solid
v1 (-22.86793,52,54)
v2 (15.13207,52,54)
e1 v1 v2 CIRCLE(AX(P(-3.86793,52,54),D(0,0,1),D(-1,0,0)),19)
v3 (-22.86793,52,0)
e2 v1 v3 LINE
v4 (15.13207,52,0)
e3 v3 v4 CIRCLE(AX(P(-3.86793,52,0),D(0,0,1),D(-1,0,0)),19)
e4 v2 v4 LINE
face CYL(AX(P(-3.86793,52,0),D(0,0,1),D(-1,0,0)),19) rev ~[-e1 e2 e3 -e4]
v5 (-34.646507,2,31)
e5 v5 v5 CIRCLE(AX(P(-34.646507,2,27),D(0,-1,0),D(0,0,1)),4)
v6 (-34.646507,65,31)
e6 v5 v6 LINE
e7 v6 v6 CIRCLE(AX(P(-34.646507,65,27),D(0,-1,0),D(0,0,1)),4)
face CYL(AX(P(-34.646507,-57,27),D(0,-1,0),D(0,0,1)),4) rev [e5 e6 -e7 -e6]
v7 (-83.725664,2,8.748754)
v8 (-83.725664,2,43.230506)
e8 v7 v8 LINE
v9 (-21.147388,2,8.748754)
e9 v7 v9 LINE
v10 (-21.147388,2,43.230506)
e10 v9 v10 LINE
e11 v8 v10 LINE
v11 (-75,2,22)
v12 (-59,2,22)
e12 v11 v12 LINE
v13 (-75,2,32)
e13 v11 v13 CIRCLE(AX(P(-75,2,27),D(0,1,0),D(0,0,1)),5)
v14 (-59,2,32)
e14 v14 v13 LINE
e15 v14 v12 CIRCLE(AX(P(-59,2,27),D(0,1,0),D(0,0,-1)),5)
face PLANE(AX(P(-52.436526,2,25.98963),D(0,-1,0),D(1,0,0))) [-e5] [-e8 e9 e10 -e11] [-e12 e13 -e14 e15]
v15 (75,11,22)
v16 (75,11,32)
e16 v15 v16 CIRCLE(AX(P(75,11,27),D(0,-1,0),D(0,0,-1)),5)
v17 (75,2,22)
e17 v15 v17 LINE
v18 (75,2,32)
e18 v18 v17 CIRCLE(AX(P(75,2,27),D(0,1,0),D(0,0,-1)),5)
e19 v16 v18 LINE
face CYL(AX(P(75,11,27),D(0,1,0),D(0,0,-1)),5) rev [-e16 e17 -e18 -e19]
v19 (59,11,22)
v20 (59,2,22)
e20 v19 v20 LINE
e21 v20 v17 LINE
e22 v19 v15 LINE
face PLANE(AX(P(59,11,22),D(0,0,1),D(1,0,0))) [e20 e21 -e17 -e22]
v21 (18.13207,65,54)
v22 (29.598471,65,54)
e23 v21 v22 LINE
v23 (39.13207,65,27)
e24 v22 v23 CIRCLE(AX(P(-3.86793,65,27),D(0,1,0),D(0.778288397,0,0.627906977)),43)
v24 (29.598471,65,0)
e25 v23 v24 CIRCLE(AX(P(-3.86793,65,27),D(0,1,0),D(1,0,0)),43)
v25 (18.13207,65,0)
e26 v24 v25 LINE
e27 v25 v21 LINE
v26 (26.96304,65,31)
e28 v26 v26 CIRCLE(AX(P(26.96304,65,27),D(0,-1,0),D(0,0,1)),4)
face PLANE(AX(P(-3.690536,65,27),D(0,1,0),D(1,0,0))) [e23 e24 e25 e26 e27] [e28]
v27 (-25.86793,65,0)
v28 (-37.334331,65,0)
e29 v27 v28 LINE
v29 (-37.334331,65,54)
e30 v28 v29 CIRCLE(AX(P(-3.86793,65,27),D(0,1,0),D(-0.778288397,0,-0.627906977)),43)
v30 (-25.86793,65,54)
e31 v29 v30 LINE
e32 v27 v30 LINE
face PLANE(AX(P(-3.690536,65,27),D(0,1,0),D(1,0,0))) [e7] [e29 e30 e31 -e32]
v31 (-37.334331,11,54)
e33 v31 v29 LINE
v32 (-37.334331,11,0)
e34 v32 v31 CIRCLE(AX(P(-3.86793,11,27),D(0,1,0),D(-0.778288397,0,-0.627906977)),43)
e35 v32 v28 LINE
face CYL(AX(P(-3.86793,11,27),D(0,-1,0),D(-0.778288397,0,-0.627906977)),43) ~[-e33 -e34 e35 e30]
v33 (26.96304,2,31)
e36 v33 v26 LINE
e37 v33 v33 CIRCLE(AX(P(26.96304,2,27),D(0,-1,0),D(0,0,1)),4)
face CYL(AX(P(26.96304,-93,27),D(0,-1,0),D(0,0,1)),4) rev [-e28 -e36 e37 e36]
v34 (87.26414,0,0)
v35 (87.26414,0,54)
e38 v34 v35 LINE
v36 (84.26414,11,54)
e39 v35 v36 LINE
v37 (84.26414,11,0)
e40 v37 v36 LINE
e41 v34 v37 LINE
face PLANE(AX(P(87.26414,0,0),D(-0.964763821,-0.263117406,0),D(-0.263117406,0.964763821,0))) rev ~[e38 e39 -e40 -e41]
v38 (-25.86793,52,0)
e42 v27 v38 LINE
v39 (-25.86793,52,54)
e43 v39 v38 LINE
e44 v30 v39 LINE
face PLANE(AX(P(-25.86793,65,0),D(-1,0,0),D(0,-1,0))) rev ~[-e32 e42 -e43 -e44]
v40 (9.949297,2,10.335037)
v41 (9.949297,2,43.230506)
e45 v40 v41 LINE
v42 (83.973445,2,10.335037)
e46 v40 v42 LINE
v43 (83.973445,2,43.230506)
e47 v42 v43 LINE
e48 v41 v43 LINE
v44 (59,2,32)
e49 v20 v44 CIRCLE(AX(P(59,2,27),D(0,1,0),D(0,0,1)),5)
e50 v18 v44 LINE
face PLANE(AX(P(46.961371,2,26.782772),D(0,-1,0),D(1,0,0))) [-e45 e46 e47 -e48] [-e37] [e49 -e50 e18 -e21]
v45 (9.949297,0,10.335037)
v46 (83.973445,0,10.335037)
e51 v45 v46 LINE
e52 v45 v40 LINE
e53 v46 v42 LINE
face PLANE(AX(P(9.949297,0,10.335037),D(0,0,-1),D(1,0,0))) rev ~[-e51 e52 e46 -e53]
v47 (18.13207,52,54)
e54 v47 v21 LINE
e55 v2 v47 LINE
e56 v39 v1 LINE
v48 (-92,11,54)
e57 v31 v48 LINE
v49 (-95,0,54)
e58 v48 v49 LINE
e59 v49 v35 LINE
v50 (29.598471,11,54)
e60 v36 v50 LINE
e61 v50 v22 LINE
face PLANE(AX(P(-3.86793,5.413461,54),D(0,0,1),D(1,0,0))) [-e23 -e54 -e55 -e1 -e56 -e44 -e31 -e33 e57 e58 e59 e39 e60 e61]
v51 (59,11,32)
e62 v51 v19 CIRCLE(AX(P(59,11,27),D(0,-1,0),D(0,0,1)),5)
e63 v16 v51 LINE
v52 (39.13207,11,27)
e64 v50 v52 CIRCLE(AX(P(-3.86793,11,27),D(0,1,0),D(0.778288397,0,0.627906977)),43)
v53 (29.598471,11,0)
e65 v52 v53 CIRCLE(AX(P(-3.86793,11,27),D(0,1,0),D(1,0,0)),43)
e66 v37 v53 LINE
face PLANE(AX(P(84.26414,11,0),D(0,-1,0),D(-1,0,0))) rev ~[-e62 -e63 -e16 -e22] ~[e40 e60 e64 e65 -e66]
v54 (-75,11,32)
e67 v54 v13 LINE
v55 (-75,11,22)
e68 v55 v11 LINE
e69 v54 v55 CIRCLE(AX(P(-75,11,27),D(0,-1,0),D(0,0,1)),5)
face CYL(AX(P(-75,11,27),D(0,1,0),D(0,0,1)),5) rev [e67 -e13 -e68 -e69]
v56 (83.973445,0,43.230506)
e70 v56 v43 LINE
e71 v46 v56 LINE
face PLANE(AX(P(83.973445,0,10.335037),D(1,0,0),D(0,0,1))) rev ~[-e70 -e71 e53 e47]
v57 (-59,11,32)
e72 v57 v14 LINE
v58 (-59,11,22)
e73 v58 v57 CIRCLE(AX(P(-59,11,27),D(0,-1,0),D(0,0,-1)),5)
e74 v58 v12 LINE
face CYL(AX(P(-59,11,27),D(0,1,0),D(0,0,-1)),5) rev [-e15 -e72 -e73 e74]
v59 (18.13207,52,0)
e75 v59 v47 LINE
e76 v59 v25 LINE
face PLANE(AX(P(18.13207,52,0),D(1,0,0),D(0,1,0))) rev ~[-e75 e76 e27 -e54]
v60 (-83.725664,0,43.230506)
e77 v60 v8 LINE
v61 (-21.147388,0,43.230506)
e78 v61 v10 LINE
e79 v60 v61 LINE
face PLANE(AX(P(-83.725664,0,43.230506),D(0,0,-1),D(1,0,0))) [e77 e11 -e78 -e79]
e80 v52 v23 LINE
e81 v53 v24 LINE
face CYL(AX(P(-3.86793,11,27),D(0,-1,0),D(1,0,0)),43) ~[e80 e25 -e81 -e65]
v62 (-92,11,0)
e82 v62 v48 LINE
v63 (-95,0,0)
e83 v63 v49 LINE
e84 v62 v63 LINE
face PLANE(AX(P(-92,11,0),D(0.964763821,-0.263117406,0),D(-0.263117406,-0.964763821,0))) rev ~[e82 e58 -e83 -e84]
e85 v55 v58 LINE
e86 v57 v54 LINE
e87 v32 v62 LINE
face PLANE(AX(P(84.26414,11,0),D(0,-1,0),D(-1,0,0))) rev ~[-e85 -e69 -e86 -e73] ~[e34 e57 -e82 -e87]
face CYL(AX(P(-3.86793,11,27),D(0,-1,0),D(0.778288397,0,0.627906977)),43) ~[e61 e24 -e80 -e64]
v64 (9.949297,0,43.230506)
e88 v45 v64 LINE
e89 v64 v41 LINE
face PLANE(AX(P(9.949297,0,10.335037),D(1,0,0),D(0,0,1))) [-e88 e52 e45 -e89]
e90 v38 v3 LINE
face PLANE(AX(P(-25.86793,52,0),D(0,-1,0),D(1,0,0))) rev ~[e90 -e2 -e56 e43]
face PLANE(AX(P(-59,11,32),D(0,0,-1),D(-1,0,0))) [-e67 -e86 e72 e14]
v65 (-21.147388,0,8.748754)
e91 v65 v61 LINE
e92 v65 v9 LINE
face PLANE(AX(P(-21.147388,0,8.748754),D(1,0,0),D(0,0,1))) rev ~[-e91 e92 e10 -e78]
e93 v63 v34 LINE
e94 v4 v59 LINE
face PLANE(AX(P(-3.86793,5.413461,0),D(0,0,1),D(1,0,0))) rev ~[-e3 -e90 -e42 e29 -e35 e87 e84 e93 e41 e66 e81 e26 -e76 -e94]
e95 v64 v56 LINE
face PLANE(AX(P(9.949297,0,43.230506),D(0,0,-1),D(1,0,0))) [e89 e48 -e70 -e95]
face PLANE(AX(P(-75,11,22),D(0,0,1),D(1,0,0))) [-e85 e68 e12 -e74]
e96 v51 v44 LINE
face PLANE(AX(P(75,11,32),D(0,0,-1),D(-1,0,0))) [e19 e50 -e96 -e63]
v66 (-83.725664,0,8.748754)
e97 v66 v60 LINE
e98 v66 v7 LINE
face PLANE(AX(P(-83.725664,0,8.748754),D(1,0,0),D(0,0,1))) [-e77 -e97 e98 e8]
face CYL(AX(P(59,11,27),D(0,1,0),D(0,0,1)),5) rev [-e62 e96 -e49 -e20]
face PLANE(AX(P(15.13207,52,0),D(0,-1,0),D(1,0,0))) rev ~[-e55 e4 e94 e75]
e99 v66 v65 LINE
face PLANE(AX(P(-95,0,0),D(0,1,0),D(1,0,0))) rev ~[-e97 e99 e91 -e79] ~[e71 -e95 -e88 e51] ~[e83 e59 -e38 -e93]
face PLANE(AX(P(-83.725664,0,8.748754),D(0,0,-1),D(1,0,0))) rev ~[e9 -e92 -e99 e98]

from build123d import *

# Parameters (mm, degrees)
BOSS_EXTRUDE1_DEPTH      = 54
BOSS_EXTRUDE2_DEPTH      = 54
CUT_EXTRUDE4_DEPTH       = 79.958686857
CUT_EXTRUDE8_DEPTH       = 120
CUT_EXTRUDE8_DEPTH_BACK  = 57
SKETCH4_R                = 4
CUT_EXTRUDE10_DEPTH      = 155
CUT_EXTRUDE10_DEPTH_BACK = 93
SKETCH5_R                = 4
CUT_EXTRUDE11_DEPTH      = 155
SKETCH7_W                = 62.578276035
SKETCH7_H                = 34.481752036
SKETCH7_W_2              = 74.024148658
SKETCH7_H_2              = 32.895468992
CUT_EXTRUDE12_DEPTH      = 2


with BuildPart() as part:
    # Sketch1 → Boss-Extrude1 (new body)
    with BuildSketch(Plane.XY):
        Polygon((-95, 0), (87.264140028, 0), (84.264140028, 11), (-92, 11), align=None)
    extrude(amount=BOSS_EXTRUDE1_DEPTH)

    # Sketch2 → Boss-Extrude2 (add)
    with BuildSketch(Plane(origin=(0, 11, 0), x_dir=(1, 0, 0), z_dir=(0, 1, 0))):
        with BuildLine():
            Line((-37.334331048, -54), (29.598471075, -54))
            ThreePointArc((29.598471075, -54), (36.678680511, -41.3168564), (39.132070014, -27))
            ThreePointArc((39.132070014, -27), (36.678680511, -12.6831436), (29.598471075, 0))
            Line((29.598471075, 0), (-37.334331048, 0))
            ThreePointArc((-37.334331048, 0), (-46.867929986, -27), (-37.334331048, -54))
        make_face()
    extrude(amount=BOSS_EXTRUDE2_DEPTH)

    # Sketch3 → Cut-Extrude4 (cut, symmetric)
    with BuildSketch(Plane.XY):
        with BuildLine():
            Line((15.132070014, 52), (18.132070014, 52))
            Line((18.132070014, 52), (18.132070014, 65))
            Line((18.132070014, 65), (-25.867929986, 65))
            Line((-25.867929986, 65), (-25.867929986, 52))
            Line((-25.867929986, 52), (-22.867929986, 52))
            ThreePointArc((-22.867929986, 52), (-3.867929986, 33), (15.132070014, 52))
        make_face()
    extrude(amount=CUT_EXTRUDE4_DEPTH, both=True, mode=Mode.SUBTRACT)

    # Sketch4 → Cut-Extrude8 (cut, two sides: drawn at the far end of the back side and taken through both)
    with BuildSketch(Plane(origin=(0, 0, 0), x_dir=(1, 0, 0), z_dir=(0, 1, 0)).offset(-CUT_EXTRUDE8_DEPTH_BACK)):
        with Locations(Location((-34.646506606, -27, 0), (0, 0, 270))):
            Circle(SKETCH4_R)
    extrude(amount=CUT_EXTRUDE8_DEPTH + CUT_EXTRUDE8_DEPTH_BACK, mode=Mode.SUBTRACT)

    # Sketch5 → Cut-Extrude10 (cut, two sides: drawn at the far end of the back side and taken through both)
    with BuildSketch(Plane(origin=(0, 0, 0), x_dir=(1, 0, 0), z_dir=(0, 1, 0)).offset(-CUT_EXTRUDE10_DEPTH_BACK)):
        with Locations(Location((26.963039677, -27, 0), (0, 0, 270))):
            Circle(SKETCH5_R)
    extrude(amount=CUT_EXTRUDE10_DEPTH + CUT_EXTRUDE10_DEPTH_BACK, mode=Mode.SUBTRACT)

    # Sketch6 → Cut-Extrude11 (cut)
    with BuildSketch(Plane(origin=(0, 11, 0), x_dir=(1, 0, 0), z_dir=(0, 1, 0))):
        with BuildLine():
            Line((75, -32), (59, -32))
            ThreePointArc((59, -32), (54, -27), (59, -22))
            Line((59, -22), (75, -22))
            ThreePointArc((75, -22), (80, -27), (75, -32))
        make_face()
        with BuildLine():
            Line((-59, -32), (-75, -32))
            ThreePointArc((-75, -32), (-80, -27), (-75, -22))
            Line((-75, -22), (-59, -22))
            ThreePointArc((-59, -22), (-54, -27), (-59, -32))
        make_face()
    extrude(amount=-CUT_EXTRUDE11_DEPTH, mode=Mode.SUBTRACT)

    # Sketch7 → Cut-Extrude12 (cut)
    with BuildSketch(Plane.XZ):
        with Locations((-52.436526345, 25.989630072)):
            Rectangle(SKETCH7_W, SKETCH7_H)
        with Locations((46.961370867, 26.782771594)):
            Rectangle(SKETCH7_W_2, SKETCH7_H_2)
    extrude(amount=-CUT_EXTRUDE12_DEPTH, mode=Mode.SUBTRACT)


solid = part.part
